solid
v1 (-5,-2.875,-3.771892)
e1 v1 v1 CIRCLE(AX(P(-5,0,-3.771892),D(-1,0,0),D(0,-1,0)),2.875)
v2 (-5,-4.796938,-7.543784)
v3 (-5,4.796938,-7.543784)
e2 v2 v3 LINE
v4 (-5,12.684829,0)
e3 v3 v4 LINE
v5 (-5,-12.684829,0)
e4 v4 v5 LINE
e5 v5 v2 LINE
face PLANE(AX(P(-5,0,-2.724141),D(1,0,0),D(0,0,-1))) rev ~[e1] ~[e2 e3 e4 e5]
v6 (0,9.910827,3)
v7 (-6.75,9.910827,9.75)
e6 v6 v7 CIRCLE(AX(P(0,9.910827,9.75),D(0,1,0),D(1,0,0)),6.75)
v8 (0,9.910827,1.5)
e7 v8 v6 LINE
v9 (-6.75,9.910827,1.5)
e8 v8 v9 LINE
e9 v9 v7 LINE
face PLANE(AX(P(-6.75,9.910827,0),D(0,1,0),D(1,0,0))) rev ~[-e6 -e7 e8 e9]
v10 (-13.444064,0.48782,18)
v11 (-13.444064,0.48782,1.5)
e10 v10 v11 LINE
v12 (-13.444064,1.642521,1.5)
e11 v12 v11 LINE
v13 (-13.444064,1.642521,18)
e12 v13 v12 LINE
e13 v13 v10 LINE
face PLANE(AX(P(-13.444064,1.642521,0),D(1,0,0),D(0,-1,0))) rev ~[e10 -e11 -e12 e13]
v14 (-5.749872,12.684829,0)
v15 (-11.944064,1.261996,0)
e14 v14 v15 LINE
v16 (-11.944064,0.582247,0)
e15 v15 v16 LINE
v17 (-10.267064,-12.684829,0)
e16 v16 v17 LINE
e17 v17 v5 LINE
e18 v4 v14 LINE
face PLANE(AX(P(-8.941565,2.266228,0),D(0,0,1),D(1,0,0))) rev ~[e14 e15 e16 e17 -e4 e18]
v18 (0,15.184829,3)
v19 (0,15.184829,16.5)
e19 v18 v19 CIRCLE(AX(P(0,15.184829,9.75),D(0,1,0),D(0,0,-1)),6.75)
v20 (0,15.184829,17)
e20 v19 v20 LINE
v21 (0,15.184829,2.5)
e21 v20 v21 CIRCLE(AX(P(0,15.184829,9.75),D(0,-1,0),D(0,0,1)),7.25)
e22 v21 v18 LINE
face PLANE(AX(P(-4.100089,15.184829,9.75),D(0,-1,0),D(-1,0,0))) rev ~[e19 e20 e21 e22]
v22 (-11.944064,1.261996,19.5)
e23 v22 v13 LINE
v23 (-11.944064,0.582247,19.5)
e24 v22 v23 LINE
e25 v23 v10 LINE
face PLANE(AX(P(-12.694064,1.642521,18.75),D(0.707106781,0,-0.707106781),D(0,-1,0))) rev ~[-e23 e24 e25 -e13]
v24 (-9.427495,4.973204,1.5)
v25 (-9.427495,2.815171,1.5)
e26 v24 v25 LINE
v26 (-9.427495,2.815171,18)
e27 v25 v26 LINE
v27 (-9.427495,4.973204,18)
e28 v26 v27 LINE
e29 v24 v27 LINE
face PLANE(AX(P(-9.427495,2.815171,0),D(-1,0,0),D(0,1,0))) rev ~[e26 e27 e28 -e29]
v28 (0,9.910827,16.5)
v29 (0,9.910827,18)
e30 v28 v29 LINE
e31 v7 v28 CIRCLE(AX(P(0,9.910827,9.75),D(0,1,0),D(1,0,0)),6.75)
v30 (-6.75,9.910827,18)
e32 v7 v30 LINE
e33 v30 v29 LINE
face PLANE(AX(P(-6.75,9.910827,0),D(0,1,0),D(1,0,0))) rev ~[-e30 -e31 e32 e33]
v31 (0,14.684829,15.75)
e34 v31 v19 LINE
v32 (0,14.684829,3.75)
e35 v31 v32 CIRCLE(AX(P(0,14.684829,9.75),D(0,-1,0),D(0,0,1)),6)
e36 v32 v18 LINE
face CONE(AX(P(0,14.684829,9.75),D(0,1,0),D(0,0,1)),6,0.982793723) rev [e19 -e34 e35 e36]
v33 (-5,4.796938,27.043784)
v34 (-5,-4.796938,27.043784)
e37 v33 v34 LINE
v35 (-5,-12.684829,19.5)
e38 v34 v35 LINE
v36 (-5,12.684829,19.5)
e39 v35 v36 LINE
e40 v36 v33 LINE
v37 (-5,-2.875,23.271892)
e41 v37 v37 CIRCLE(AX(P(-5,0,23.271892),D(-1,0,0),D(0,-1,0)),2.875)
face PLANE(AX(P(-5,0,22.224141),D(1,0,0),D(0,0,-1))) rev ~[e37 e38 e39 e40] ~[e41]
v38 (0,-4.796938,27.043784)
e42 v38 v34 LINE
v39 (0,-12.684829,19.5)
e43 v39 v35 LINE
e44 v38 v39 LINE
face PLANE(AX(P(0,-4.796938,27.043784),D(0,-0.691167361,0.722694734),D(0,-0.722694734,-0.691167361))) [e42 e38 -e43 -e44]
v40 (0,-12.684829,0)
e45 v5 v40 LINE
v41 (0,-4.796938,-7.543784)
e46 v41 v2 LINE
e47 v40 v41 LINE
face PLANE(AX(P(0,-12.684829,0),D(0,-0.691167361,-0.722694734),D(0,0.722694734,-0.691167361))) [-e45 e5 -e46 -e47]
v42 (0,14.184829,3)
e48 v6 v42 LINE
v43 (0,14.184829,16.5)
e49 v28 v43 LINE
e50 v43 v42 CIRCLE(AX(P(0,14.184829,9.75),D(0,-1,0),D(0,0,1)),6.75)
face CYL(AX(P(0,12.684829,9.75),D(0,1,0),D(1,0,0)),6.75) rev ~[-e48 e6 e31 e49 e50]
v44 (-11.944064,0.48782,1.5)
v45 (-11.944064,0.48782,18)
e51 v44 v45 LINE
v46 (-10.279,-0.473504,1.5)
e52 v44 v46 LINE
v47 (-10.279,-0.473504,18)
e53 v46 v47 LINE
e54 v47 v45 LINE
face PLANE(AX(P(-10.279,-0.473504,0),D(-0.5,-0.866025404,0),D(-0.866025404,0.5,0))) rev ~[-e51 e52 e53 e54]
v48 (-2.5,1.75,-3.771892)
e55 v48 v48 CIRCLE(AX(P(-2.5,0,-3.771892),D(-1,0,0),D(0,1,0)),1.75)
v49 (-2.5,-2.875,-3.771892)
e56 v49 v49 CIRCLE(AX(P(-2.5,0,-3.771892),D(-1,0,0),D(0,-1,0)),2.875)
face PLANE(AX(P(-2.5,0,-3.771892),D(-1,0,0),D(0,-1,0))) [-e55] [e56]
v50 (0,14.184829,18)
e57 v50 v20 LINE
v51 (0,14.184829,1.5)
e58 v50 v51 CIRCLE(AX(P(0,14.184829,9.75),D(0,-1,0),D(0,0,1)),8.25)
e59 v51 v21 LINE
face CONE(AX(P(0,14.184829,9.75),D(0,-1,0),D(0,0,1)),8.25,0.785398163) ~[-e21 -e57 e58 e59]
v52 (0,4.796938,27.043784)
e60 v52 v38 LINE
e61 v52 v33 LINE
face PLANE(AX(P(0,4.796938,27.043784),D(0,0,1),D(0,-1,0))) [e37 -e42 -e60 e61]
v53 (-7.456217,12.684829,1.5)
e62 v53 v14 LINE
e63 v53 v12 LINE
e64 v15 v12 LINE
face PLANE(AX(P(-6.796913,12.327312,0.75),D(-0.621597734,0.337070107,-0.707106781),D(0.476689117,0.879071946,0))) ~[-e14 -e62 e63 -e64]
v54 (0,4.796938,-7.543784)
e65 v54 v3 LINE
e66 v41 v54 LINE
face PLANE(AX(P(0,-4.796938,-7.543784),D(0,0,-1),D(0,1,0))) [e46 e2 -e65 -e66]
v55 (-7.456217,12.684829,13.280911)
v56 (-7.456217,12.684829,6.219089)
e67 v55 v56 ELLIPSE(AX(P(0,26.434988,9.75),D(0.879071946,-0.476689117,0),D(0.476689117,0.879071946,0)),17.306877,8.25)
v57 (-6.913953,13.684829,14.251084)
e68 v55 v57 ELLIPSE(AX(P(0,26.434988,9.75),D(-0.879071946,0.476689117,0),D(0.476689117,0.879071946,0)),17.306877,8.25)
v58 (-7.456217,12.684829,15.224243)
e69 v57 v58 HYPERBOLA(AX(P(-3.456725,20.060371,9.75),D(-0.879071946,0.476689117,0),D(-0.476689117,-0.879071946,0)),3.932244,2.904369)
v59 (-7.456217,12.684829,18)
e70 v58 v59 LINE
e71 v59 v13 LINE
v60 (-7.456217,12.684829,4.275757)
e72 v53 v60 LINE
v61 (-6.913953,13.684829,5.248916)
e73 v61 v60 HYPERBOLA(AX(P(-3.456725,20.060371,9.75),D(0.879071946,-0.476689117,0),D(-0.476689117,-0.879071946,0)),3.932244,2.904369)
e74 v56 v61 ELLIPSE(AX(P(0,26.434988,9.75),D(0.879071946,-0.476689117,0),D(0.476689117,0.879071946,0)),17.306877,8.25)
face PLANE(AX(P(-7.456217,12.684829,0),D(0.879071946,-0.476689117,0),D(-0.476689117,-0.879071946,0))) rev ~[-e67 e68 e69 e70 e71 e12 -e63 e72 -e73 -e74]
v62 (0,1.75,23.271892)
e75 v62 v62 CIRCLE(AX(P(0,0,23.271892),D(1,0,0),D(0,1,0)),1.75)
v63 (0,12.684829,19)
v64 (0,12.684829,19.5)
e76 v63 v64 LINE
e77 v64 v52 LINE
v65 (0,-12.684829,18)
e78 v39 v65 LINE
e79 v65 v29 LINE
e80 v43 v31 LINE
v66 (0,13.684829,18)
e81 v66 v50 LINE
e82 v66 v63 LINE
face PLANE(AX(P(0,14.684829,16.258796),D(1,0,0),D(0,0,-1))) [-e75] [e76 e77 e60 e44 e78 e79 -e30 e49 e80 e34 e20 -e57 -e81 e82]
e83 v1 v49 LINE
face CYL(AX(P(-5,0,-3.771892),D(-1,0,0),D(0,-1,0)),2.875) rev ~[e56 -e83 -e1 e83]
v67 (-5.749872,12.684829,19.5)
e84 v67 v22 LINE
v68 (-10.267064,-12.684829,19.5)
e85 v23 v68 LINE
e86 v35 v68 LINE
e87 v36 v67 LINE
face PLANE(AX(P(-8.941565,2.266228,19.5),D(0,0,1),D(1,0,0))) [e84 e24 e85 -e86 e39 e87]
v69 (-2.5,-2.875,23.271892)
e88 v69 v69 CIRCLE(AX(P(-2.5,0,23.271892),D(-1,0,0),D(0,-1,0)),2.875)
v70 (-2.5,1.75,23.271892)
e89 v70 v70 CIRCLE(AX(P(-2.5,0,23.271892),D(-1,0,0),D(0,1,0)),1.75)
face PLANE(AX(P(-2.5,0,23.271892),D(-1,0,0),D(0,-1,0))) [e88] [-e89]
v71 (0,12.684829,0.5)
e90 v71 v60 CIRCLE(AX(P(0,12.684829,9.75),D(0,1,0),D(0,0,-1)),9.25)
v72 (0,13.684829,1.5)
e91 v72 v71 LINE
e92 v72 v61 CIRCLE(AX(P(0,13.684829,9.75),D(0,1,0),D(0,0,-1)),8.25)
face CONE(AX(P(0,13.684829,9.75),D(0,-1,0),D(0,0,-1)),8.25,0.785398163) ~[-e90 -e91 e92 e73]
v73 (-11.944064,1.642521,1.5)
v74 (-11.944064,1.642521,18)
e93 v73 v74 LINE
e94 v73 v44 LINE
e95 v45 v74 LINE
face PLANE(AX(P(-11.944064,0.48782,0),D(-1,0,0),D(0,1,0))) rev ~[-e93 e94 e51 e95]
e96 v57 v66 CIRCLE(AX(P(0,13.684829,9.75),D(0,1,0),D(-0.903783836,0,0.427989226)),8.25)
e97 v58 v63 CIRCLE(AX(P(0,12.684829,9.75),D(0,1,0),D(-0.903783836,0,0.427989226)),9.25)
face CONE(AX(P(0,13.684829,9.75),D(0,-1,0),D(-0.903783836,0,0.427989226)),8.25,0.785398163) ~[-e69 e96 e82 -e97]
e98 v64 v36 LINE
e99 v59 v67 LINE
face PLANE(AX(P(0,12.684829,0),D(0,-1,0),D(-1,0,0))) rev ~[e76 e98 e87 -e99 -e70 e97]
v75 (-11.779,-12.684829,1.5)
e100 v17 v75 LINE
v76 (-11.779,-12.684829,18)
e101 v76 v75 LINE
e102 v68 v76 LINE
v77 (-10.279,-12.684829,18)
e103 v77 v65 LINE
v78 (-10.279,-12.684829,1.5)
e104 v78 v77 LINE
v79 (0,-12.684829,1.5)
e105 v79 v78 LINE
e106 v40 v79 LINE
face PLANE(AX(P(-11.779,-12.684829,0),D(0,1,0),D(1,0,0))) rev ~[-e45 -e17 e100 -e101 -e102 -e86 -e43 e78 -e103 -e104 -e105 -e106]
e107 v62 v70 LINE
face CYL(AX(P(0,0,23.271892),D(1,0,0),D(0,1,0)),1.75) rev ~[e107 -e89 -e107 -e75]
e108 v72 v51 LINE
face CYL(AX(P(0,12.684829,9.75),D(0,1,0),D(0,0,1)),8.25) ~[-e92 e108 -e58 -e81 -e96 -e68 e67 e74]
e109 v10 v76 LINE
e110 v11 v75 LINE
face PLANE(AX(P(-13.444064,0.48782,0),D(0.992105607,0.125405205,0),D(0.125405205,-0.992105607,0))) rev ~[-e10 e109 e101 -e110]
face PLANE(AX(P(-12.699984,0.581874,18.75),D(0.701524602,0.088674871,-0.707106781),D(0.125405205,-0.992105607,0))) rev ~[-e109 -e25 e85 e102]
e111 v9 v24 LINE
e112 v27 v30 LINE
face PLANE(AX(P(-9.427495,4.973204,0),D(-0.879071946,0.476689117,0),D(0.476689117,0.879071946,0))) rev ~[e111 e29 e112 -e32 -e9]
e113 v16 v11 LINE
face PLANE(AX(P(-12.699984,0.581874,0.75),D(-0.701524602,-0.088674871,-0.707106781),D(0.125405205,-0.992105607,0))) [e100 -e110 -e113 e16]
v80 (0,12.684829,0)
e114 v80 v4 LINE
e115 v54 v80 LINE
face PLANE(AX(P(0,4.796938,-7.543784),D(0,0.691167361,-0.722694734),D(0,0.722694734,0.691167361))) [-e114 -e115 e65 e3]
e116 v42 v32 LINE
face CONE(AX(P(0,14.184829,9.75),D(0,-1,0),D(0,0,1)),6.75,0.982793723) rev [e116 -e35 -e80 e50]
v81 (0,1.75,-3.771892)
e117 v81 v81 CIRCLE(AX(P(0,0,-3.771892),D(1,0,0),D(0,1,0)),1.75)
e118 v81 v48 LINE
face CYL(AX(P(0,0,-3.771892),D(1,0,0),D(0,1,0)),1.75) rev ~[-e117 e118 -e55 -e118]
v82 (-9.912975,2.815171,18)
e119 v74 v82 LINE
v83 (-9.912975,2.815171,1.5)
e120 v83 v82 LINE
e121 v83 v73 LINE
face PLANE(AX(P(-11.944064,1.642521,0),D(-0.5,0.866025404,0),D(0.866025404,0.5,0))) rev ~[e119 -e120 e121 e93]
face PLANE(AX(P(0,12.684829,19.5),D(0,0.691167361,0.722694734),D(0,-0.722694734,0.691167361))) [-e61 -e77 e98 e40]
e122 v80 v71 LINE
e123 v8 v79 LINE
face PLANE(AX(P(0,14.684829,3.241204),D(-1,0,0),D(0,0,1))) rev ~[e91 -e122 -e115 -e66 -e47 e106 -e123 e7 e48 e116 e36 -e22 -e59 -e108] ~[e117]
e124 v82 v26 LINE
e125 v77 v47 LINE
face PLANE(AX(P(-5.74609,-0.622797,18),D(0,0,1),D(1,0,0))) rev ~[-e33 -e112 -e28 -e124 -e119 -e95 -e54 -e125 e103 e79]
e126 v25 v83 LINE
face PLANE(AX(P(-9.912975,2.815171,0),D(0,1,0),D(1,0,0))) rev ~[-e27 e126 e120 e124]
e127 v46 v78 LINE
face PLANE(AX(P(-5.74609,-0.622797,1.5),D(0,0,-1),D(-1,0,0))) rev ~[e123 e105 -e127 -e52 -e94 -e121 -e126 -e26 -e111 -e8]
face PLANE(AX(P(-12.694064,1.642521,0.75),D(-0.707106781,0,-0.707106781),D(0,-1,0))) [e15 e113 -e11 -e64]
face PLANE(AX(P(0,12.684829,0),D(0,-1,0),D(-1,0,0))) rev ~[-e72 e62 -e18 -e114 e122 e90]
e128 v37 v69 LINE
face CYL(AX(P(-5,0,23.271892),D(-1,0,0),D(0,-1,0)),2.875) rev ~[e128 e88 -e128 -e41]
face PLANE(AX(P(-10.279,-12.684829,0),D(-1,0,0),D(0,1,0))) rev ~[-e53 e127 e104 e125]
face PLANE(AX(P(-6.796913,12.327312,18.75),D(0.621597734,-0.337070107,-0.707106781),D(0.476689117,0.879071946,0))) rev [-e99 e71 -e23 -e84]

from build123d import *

# Parameters (mm, degrees)
BOSS_EXTRUDE1_DEPTH = 19.5
BOSS_EXTRUDE5_DEPTH = 1.5
BOSS_EXTRUDE6_DEPTH = 1.5
SKETCH8_R           = 6.75
CUT_EXTRUDE2_DEPTH  = 35.70752685
BOSS_EXTRUDE7_DEPTH = 2.5
SKETCH10_R          = 1.75
BOSS_EXTRUDE8_DEPTH = 5
CHAMFER1_SIZE       = 1.5
CHAMFER2_SIZE       = 1
SKETCH11_R          = 2.875
SKETCH11_R_2        = 1.75
CUT_EXTRUDE4_DEPTH  = 2.5
REVOLVE1_ANGLE      = 180
CHAMFER3_SIZE       = 1


with BuildPart() as part:
    # Sketch1 → Boss-Extrude1 (new body)
    with BuildSketch(Plane.XY):
        Polygon((-11.779, -12.684829289), (-10.279, -12.684829289), (-10.279, -0.473504424), (-11.944063509, 0.487820441), (-11.944063509, 1.64252098), (-9.912974596, 2.815170711), (-9.427494989, 2.815170711), (-9.427494989, 4.973204454), (-6.75, 9.910826582), (0, 9.910826582), (0, 12.684829289), (-7.456216647, 12.684829289), (-13.444063509, 1.64252098), (-13.444063509, 0.487820441), align=None)
    extrude(amount=BOSS_EXTRUDE1_DEPTH)

    # Sketch6 → Boss-Extrude5 (add)
    with BuildSketch(Plane.XY.offset(19.5)):
        Polygon((0, 12.684829289), (-7.456216647, 12.684829289), (-13.444063509, 1.64252098), (-13.444063509, 0.487820441), (-11.779, -12.684829289), (0, -12.684829289), align=None)
    extrude(amount=-BOSS_EXTRUDE5_DEPTH)

    # Sketch7 → Boss-Extrude6 (add)
    with BuildSketch(Plane(origin=(0, 0, 0), x_dir=(-1, 0, 0), z_dir=(0, 0, -1))):
        Polygon((0, 12.684829289), (0, -12.684829289), (11.779, -12.684829289), (13.444063509, 0.487820441), (13.444063509, 1.64252098), (7.456216647, 12.684829289), align=None)
    extrude(amount=-BOSS_EXTRUDE6_DEPTH)

    # Sketch8 → Cut-Extrude2 (cut, through all)
    with BuildSketch(Plane(origin=(0, 12.684829289, 0), x_dir=(1, 0, 0), z_dir=(0, 1, 0))):
        with Locations((0, -9.75)):
            Circle(SKETCH8_R)
    extrude(amount=-CUT_EXTRUDE2_DEPTH, mode=Mode.SUBTRACT)

    # Sketch9 → Boss-Extrude7 (add, symmetric)
    with BuildSketch(Plane(origin=(0, 12.684829289, 0), x_dir=(1, 0, 0), z_dir=(0, 1, 0))):
        with BuildLine():
            Line((0, -1.5), (0, -3))
            ThreePointArc((0, -3), (-6.75, -9.75), (0, -16.5))
            Line((0, -16.5), (0, -18))
            ThreePointArc((0, -18), (-8.25, -9.75), (0, -1.5))
        make_face()
    extrude(amount=BOSS_EXTRUDE7_DEPTH, both=True)

    # Sketch10 → Boss-Extrude8 (add)
    with BuildSketch(Plane(origin=(0, 0, 0), x_dir=(0, 0, -1), z_dir=(1, 0, 0))):
        Polygon((-19.5, 12.684829289), (-27.043783602, 4.79693847), (-27.043783602, -4.79693847), (-19.5, -12.684829289), align=None)
        Polygon((-20.396891801, -1.659882024), (-20.396891801, 1.659882024), (-23.271891801, 3.319764048), (-26.146891801, 1.659882024), (-26.146891801, -1.659882024), (-23.271891801, -3.319764048), align=None, mode=Mode.SUBTRACT)
        Polygon((-23.271891801, -3.319764048), (-20.396891801, -1.659882024), (-20.396891801, 1.659882024), (-23.271891801, 3.319764048), (-26.146891801, 1.659882024), (-26.146891801, -1.659882024), align=None)
        with Locations(Location((-23.271891801, 0, 0), (0, 0, 90))):
            Circle(SKETCH10_R, mode=Mode.SUBTRACT)
        Polygon((7.543783602, 4.79693847), (0, 12.684829289), (0, -12.684829289), (7.543783602, -4.79693847), align=None)
        Polygon((6.646891801, 1.659882024), (3.771891801, 3.319764048), (0.896891801, 1.659882024), (0.896891801, -1.659882024), (3.771891801, -3.319764048), (6.646891801, -1.659882024), align=None, mode=Mode.SUBTRACT)
        Polygon((6.646891801, 1.659882024), (6.646891801, -1.659882024), (3.771891801, -3.319764048), (0.896891801, -1.659882024), (0.896891801, 1.659882024), (3.771891801, 3.319764048), align=None)
        with Locations(Location((3.771891801, 0, 0), (0, 0, 90))):
            Circle(SKETCH10_R, mode=Mode.SUBTRACT)
    extrude(amount=-BOSS_EXTRUDE8_DEPTH)

    # Chamfer1
    chamfer1_edges = [part.edges().sort_by_distance(p)[0] for p in [
        (-12.611531755, -6.098504424, 19.5),
        (-13.444063509, 1.065170711, 19.5),
        (-10.450140078, 7.163675135, 19.5),
        (-12.611531755, -6.098504424, 0),
        (-13.444063509, 1.065170711, 0),
        (-10.450140078, 7.163675135, 0),
    ]]
    chamfer(chamfer1_edges, length=CHAMFER1_SIZE)

    # Chamfer2
    chamfer2_edges = [part.edges().sort_by_distance(p)[0] for p in [
        (-8.25, 15.184829289, 9.75),
    ]]
    chamfer(chamfer2_edges, length=CHAMFER2_SIZE)

    # Sketch11 → Cut-Extrude4 (cut)
    with BuildSketch(Plane.ZY.offset(5)):
        with Locations(Location((-3.771891801, 0, 0), (0, 0, 270))):
            Circle(SKETCH11_R)
        with Locations(Location((-3.771891801, 0, 0), (0, 0, 90))):
            Circle(SKETCH11_R_2, mode=Mode.SUBTRACT)
        with Locations(Location((23.271891801, 0, 0), (0, 0, 270))):
            Circle(SKETCH11_R)
        with Locations(Location((23.271891801, 0, 0), (0, 0, 90))):
            Circle(SKETCH11_R_2, mode=Mode.SUBTRACT)
    extrude(amount=-CUT_EXTRUDE4_DEPTH, mode=Mode.SUBTRACT)

    # Sketch12 → Revolve1 (revolve)
    with BuildSketch(Plane(origin=(0, 0, 0), x_dir=(0, 0, -1), z_dir=(1, 0, 0))):
        Polygon((-16.5, 15.184829289), (-16.5, 14.184829289), (-15.75, 14.684829289), align=None)
    revolve(axis=Axis((0, 15.184829289, 9.75), (0, -1, 0)), revolution_arc=REVOLVE1_ANGLE)

    # Chamfer3
    chamfer3_edges = [part.edges().sort_by_distance(p)[0] for p in [
        (-4.412056396, 12.684829289, 2.77889834),
        (-4.412056396, 12.684829289, 16.72110166),
    ]]
    chamfer(chamfer3_edges, length=CHAMFER3_SIZE)


solid = part.part
